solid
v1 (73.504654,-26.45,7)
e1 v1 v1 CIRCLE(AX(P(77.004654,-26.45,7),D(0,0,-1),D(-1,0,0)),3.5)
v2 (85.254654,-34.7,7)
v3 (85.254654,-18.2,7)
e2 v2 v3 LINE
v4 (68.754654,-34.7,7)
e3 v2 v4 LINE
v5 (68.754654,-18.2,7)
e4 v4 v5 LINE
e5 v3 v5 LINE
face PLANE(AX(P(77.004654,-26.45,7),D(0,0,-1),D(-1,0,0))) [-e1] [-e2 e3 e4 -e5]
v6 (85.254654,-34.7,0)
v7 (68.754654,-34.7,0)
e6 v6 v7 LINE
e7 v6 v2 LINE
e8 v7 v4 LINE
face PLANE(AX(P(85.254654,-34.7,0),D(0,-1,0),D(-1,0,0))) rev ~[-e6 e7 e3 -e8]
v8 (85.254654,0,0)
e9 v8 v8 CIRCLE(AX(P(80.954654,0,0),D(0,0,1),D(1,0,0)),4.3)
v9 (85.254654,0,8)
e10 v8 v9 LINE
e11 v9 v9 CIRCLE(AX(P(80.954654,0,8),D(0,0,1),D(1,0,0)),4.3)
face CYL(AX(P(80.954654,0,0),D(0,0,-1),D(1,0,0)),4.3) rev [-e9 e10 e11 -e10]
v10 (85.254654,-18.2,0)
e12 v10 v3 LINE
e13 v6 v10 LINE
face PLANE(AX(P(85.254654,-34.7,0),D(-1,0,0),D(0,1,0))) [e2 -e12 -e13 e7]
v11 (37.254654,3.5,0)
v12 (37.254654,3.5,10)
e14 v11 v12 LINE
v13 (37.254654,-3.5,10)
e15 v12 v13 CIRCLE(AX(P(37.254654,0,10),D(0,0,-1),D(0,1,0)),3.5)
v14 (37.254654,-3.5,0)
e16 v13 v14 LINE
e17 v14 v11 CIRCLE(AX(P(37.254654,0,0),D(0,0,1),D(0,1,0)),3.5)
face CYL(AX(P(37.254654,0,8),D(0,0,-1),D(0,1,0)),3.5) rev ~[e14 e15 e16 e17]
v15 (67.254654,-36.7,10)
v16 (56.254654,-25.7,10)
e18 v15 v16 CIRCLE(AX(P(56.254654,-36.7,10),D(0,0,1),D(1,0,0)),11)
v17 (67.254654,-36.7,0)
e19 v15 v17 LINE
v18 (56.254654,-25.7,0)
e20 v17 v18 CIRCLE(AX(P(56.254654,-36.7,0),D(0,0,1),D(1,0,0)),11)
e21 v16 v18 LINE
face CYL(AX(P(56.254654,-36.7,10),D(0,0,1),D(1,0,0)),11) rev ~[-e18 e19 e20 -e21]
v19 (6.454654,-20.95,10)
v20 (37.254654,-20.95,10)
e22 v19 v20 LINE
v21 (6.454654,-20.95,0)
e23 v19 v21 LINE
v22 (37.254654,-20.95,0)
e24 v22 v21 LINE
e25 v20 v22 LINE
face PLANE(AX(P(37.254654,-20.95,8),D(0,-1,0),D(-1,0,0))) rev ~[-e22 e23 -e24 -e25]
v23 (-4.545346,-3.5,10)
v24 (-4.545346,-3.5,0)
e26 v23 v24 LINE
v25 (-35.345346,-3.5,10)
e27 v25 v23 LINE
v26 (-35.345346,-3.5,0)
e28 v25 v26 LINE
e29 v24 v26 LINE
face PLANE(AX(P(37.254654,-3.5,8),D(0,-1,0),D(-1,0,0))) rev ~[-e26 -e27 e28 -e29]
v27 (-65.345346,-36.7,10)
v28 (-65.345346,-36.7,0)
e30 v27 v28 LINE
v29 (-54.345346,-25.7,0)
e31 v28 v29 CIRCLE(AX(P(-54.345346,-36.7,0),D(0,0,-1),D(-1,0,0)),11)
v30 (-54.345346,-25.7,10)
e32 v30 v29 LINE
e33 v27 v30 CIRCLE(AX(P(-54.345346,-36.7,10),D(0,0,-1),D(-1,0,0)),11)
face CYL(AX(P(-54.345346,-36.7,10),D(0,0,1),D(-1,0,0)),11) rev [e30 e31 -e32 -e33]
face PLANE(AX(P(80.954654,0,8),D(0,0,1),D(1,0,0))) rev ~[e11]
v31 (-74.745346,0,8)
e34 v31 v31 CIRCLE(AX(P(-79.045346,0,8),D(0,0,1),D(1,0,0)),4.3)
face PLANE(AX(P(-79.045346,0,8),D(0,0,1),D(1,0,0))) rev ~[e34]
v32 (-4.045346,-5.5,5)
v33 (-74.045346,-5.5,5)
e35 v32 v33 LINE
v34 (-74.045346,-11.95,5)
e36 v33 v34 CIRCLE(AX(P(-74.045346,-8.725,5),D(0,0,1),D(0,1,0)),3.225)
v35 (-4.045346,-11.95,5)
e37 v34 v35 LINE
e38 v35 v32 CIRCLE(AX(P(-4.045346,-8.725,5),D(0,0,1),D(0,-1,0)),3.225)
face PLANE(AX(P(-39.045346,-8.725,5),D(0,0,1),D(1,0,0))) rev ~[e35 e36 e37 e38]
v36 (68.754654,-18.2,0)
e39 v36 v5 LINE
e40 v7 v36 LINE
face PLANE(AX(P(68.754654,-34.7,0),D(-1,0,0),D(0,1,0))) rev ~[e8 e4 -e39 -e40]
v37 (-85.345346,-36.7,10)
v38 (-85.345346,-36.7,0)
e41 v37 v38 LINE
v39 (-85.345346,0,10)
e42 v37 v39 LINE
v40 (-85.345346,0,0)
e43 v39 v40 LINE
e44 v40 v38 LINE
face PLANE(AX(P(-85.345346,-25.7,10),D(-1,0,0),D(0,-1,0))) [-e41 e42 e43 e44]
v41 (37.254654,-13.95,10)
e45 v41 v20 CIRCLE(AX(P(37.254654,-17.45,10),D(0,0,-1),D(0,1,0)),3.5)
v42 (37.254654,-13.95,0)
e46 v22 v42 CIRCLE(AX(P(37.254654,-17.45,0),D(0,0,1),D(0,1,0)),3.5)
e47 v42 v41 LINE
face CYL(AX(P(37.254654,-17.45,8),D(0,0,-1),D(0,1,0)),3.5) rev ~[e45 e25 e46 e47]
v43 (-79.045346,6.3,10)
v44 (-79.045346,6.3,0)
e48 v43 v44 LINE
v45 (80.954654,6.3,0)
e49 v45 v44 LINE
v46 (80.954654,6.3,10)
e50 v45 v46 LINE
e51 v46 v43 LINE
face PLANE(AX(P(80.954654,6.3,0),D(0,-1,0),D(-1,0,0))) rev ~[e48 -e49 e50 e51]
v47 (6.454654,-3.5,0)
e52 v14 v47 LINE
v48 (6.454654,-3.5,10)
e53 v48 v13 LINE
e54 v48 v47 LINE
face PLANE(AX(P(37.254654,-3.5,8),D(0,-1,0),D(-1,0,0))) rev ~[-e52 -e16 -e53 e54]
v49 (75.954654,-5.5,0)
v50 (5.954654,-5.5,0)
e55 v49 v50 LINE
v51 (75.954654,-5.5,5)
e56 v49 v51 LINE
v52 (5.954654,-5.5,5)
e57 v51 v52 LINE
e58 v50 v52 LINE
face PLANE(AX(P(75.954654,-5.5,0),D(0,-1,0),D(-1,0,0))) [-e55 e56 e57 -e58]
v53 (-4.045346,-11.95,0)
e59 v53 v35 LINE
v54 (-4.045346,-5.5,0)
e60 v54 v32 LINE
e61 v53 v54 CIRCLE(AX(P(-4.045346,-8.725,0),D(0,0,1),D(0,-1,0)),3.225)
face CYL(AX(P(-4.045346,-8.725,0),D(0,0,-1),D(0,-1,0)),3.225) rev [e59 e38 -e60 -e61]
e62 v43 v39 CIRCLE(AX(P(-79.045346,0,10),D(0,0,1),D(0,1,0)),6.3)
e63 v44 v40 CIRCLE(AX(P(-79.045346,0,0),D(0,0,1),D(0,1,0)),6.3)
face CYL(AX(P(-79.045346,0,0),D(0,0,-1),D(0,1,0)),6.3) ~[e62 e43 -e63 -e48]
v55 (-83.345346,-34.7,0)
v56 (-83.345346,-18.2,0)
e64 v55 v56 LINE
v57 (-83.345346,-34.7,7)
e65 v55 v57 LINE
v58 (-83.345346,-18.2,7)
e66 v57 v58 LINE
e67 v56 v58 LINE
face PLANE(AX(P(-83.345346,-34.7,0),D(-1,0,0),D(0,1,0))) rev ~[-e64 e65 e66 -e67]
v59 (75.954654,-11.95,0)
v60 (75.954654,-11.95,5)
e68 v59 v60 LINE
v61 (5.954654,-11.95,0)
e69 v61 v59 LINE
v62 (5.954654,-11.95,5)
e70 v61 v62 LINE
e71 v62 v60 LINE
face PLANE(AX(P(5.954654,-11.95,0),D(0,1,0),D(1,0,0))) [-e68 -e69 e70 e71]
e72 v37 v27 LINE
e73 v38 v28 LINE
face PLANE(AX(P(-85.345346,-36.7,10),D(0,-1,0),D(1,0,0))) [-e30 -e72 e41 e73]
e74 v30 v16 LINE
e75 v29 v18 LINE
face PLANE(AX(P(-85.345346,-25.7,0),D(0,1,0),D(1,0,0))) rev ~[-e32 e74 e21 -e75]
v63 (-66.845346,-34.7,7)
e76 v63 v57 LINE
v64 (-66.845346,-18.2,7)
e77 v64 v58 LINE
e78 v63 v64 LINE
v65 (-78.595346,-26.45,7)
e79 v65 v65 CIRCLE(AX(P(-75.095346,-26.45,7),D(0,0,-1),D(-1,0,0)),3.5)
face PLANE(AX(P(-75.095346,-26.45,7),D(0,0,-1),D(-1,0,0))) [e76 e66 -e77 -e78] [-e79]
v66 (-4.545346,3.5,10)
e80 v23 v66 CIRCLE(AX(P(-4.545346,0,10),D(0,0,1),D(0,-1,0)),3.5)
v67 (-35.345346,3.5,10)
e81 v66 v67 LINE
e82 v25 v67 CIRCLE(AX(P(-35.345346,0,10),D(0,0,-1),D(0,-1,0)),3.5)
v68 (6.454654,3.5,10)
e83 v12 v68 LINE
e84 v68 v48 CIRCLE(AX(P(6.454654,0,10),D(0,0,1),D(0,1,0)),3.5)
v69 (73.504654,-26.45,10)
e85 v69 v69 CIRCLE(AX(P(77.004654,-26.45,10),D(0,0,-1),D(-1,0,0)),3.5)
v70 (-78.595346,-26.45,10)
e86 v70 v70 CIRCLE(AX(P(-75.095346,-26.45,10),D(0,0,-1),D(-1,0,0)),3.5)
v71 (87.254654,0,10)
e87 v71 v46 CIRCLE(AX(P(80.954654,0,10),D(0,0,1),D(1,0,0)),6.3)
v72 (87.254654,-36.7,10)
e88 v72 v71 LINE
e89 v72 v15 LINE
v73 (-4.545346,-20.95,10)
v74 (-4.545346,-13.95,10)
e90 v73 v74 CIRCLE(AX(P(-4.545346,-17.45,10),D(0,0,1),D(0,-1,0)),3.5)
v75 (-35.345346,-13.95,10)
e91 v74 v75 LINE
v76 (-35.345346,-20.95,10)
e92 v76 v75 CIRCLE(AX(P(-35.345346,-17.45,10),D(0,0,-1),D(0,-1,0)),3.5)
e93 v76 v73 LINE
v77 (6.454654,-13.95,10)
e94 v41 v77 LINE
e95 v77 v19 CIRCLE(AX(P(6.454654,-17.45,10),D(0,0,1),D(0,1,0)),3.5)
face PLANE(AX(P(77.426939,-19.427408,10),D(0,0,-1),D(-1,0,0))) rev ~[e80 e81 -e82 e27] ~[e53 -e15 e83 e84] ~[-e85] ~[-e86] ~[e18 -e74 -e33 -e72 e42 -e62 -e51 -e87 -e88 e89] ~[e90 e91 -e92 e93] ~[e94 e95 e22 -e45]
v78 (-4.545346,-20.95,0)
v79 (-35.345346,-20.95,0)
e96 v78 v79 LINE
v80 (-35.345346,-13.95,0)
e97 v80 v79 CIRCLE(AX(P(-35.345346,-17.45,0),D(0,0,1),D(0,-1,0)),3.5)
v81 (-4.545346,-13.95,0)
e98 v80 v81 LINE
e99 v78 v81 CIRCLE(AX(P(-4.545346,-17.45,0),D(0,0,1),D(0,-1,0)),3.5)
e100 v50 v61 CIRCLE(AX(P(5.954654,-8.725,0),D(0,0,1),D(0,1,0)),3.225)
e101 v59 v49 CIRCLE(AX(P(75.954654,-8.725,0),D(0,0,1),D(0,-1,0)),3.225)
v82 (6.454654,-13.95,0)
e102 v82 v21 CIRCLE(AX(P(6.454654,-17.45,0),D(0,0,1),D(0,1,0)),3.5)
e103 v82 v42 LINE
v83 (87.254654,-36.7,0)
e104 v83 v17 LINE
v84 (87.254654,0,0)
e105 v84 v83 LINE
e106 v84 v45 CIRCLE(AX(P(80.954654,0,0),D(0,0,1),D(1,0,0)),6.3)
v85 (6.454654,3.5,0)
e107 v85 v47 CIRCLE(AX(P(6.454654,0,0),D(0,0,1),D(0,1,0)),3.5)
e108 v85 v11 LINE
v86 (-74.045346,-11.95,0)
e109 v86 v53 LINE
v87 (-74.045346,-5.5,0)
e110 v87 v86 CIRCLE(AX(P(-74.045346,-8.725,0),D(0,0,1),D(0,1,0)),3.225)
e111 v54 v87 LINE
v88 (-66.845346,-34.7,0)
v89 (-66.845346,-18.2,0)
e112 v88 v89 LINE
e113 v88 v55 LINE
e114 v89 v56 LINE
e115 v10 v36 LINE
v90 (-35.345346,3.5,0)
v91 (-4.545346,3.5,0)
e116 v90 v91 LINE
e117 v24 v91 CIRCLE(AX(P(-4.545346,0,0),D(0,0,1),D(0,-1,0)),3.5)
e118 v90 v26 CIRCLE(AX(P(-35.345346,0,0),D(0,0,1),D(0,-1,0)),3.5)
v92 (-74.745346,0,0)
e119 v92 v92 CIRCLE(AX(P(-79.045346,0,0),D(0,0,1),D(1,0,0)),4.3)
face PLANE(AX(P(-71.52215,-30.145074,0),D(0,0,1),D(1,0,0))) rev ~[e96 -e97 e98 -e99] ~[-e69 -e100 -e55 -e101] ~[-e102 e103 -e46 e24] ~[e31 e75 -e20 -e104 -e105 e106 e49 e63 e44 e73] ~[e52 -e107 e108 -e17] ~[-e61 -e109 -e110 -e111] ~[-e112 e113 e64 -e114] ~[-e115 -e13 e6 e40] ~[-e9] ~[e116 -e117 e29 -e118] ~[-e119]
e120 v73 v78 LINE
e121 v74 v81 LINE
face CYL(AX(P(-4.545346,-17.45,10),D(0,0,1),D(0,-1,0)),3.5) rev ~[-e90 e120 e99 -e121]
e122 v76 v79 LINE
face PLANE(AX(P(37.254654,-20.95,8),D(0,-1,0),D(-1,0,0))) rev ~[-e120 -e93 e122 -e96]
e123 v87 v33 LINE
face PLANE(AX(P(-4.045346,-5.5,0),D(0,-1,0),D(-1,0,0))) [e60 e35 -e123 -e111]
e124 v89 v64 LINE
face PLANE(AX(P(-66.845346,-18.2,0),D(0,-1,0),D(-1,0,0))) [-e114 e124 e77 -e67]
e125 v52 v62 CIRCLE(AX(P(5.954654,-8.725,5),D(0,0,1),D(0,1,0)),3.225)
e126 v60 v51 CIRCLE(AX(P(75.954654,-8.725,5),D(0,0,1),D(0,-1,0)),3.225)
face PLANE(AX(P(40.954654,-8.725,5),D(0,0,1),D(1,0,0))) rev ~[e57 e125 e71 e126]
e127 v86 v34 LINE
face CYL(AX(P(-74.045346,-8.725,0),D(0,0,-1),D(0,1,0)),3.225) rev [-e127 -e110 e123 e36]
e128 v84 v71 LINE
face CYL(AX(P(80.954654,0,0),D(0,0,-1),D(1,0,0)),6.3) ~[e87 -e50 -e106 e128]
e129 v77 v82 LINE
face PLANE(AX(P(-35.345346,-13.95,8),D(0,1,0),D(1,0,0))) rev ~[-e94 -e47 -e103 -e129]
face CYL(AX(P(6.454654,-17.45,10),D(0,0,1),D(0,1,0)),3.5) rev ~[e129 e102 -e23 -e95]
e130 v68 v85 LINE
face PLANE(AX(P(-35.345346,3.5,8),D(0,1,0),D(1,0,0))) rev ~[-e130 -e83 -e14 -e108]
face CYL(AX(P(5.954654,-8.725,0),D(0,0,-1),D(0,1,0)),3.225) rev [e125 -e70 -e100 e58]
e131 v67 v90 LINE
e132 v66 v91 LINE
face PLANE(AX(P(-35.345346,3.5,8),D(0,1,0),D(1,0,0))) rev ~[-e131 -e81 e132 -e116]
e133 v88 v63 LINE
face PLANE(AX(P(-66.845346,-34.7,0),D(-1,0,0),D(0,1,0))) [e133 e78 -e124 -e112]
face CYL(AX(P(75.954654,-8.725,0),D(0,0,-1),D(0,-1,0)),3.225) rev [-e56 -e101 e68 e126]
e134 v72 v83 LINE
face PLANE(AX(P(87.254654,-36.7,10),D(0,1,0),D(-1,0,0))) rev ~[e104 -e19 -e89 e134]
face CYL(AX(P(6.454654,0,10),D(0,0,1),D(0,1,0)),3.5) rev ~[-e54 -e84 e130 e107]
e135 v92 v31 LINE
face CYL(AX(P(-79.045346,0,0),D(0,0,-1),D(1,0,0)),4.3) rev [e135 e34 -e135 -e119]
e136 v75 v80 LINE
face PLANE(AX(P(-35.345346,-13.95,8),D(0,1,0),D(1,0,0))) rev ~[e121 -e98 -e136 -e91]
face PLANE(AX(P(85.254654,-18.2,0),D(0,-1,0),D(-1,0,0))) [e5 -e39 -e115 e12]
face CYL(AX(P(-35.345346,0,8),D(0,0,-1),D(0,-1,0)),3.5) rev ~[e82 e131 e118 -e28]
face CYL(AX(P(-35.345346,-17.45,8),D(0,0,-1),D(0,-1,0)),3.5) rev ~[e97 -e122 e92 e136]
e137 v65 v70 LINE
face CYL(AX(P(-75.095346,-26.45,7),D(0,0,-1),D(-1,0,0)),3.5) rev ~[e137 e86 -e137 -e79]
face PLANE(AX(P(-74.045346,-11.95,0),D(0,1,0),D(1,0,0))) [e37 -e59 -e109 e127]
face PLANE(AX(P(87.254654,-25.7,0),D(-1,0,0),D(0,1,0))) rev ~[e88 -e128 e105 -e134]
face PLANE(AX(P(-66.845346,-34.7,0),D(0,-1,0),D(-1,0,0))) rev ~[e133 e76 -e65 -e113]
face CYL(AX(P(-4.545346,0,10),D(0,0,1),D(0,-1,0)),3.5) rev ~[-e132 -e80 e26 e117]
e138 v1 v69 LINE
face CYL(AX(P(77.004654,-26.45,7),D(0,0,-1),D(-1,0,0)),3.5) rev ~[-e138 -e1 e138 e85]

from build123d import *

# Parameters (mm, degrees)
SKETCH1_R               = 4.3
SKETCH1_W               = 12.5
SKETCH1_H               = 12.5
BOSS_EXTRUDE1_DEPTH     = 8
CUT_EXTRUDE1_DEPTH      = 8
SKETCH1_2_R             = 4.3
SKETCH1_2_W             = 12.5
SKETCH1_2_H             = 12.5
BOSS_EXTRUDE2_DEPTH     = 10
CUT_EXTRUDE2_DEPTH      = 3
CUT_EXTRUDE2_DEPTH_BACK = 9
SKETCH3_W               = 12.5
SKETCH3_H               = 12.5
BOSS_EXTRUDE3_DEPTH     = 2
SKETCH4_R               = 4.3
BOSS_EXTRUDE5_DEPTH     = 2
BOSS_EXTRUDE6_DEPTH     = 10
BOSS_EXTRUDE7_DEPTH     = 10
BOSS_EXTRUDE8_DEPTH     = 10
SKETCH8_W               = 18.12209128
SKETCH8_H               = 22.505010211
SKETCH8_W_2             = 16.915072938
SKETCH8_H_2             = 18.768490124
BOSS_EXTRUDE9_DEPTH     = 10
SKETCH12_W              = 16.5
SKETCH12_H              = 16.5
CUT_EXTRUDE6_DEPTH      = 7
SKETCH13_R              = 3.5
CUT_EXTRUDE7_DEPTH      = 7
CUT_EXTRUDE11_DEPTH     = 5


with BuildPart() as part:
    # Sketch1 → Boss-Extrude1 (new body)
    with BuildSketch(Plane.XY):
        with BuildLine():
            Line((-85.345346062, -25.7), (87.254653938, -25.7))
            Line((87.254653938, -25.7), (87.254653938, 0))
            ThreePointArc((87.254653938, 0), (85.409426659, 4.454772721), (80.954653938, 6.3))
            Line((80.954653938, 6.3), (-79.045346062, 6.3))
            ThreePointArc((-79.045346062, 6.3), (-83.500118784, 4.454772721), (-85.345346062, 0))
            Line((-85.345346062, 0), (-85.345346062, -25.7))
        make_face()
        with Locations((-79.045346062, 0)):
            Circle(SKETCH1_R, mode=Mode.SUBTRACT)
        with Locations((80.954653938, 0)):
            Circle(SKETCH1_R, mode=Mode.SUBTRACT)
        with Locations((-77.095346062, -17.45)):
            Rectangle(SKETCH1_W, SKETCH1_H, mode=Mode.SUBTRACT)
        with Locations((79.004653938, -17.45)):
            Rectangle(SKETCH1_W, SKETCH1_H, mode=Mode.SUBTRACT)
    extrude(amount=BOSS_EXTRUDE1_DEPTH)

    # Sketch2 → Cut-Extrude1 (cut)
    with BuildSketch(Plane.XY.offset(8)):
        with BuildLine():
            Line((-35.345346062, 3.5), (37.254653938, 3.5))
            ThreePointArc((37.254653938, 3.5), (40.754653938, 0), (37.254653938, -3.5))
            Line((37.254653938, -3.5), (-35.345346062, -3.5))
            ThreePointArc((-35.345346062, -3.5), (-38.845346062, 0), (-35.345346062, 3.5))
        make_face()
        with BuildLine():
            Line((-35.345346062, -13.95), (37.254653938, -13.95))
            ThreePointArc((37.254653938, -13.95), (40.754653938, -17.45), (37.254653938, -20.95))
            Line((37.254653938, -20.95), (34.643207431, -20.95))
            Line((34.643207431, -20.95), (-35.345346062, -20.95))
            ThreePointArc((-35.345346062, -20.95), (-38.845346062, -17.45), (-35.345346062, -13.95))
        make_face()
    extrude(amount=-CUT_EXTRUDE1_DEPTH, mode=Mode.SUBTRACT)

    # Sketch1<2> → Boss-Extrude2 (add)
    with BuildSketch(Plane.XY):
        with BuildLine():
            Line((-85.345346062, -25.7), (87.254653938, -25.7))
            Line((87.254653938, -25.7), (87.254653938, 0))
            ThreePointArc((87.254653938, 0), (85.409426659, 4.454772721), (80.954653938, 6.3))
            Line((80.954653938, 6.3), (-79.045346062, 6.3))
            ThreePointArc((-79.045346062, 6.3), (-83.500118784, 4.454772721), (-85.345346062, 0))
            Line((-85.345346062, 0), (-85.345346062, -25.7))
        make_face()
        with Locations((-79.045346062, 0)):
            Circle(SKETCH1_2_R, mode=Mode.SUBTRACT)
        with Locations((80.954653938, 0)):
            Circle(SKETCH1_2_R, mode=Mode.SUBTRACT)
        with Locations((-77.095346062, -17.45)):
            Rectangle(SKETCH1_2_W, SKETCH1_2_H, mode=Mode.SUBTRACT)
        with Locations((79.004653938, -17.45)):
            Rectangle(SKETCH1_2_W, SKETCH1_2_H, mode=Mode.SUBTRACT)
    extrude(amount=BOSS_EXTRUDE2_DEPTH)

    # Sketch2<2> → Cut-Extrude2 (cut, two sides)
    with BuildSketch(Plane.XY.offset(8)) as cut_extrude2_sk:
        with BuildLine():
            Line((-35.345346062, 3.5), (37.254653938, 3.5))
            ThreePointArc((37.254653938, 3.5), (40.754653938, 0), (37.254653938, -3.5))
            Line((37.254653938, -3.5), (-35.345346062, -3.5))
            ThreePointArc((-35.345346062, -3.5), (-38.845346062, 0), (-35.345346062, 3.5))
        make_face()
        with BuildLine():
            Line((-35.345346062, -13.95), (37.254653938, -13.95))
            ThreePointArc((37.254653938, -13.95), (40.754653938, -17.45), (37.254653938, -20.95))
            Line((37.254653938, -20.95), (34.643207431, -20.95))
            Line((34.643207431, -20.95), (-35.345346062, -20.95))
            ThreePointArc((-35.345346062, -20.95), (-38.845346062, -17.45), (-35.345346062, -13.95))
        make_face()
    extrude(amount=CUT_EXTRUDE2_DEPTH, mode=Mode.SUBTRACT)
    extrude(cut_extrude2_sk.sketch, amount=-CUT_EXTRUDE2_DEPTH_BACK, mode=Mode.SUBTRACT)

    # Sketch3 → Boss-Extrude3 (add)
    with BuildSketch(Plane.XY.offset(10)):
        with Locations((-77.095346062, -17.45)):
            Rectangle(SKETCH3_W, SKETCH3_H)
        with Locations((79.004653938, -17.45)):
            Rectangle(SKETCH3_W, SKETCH3_H)
    extrude(amount=-BOSS_EXTRUDE3_DEPTH)

    # Sketch4 → Boss-Extrude5 (add)
    with BuildSketch(Plane.XY.offset(10)):
        with Locations((-79.045346062, 0)):
            Circle(SKETCH4_R)
        with Locations((80.954653938, 0)):
            Circle(SKETCH4_R)
    extrude(amount=-BOSS_EXTRUDE5_DEPTH)

    # Sketch5 → Boss-Extrude6 (add)
    with BuildSketch(Plane.XY.offset(10)):
        with BuildLine():
            Line((-4.545346062, 3.5), (6.454653938, 3.5))
            ThreePointArc((6.454653938, 3.5), (2.954653938, 0), (6.454653938, -3.5))
            Line((6.454653938, -3.5), (-4.545346062, -3.5))
            ThreePointArc((-4.545346062, -3.5), (-1.045346062, 0), (-4.545346062, 3.5))
        make_face()
    extrude(amount=-BOSS_EXTRUDE6_DEPTH)

    # Sketch6 → Boss-Extrude7 (add)
    with BuildSketch(Plane.XY.offset(10)):
        with BuildLine():
            Line((-4.545346062, -13.95), (6.454653938, -13.95))
            ThreePointArc((6.454653938, -13.95), (2.954653938, -17.45), (6.454653938, -20.95))
            Line((6.454653938, -20.95), (-4.545346062, -20.95))
            ThreePointArc((-4.545346062, -20.95), (-1.045346062, -17.45), (-4.545346062, -13.95))
        make_face()
    extrude(amount=-BOSS_EXTRUDE7_DEPTH)

    # Sketch7 → Boss-Extrude8 (add)
    with BuildSketch(Plane.XY.offset(10)):
        with BuildLine():
            Line((-85.345346062, -25.7), (-85.345346062, -36.7))
            Line((-85.345346062, -36.7), (-65.345346062, -36.7))
            ThreePointArc((-65.345346062, -36.7), (-62.123520655, -28.921825407), (-54.345346062, -25.7))
            Line((-54.345346062, -25.7), (-85.345346062, -25.7))
        make_face()
        with BuildLine():
            Line((87.254653938, -25.7), (87.254653938, -36.7))
            Line((87.254653938, -36.7), (67.254653938, -36.7))
            ThreePointArc((67.254653938, -36.7), (64.032828531, -28.921825407), (56.254653938, -25.7))
            Line((56.254653938, -25.7), (87.254653938, -25.7))
        make_face()
    extrude(amount=-BOSS_EXTRUDE8_DEPTH)

    # Sketch8 → Boss-Extrude9 (add)
    with BuildSketch(Plane(origin=(0, 0, 0), x_dir=(-1, 0, 0), z_dir=(0, 0, -1))):
        with Locations((-77.426938653, -19.427407937)):
            Rectangle(SKETCH8_W, SKETCH8_H)
        with Locations((75.829945686, -18.535840795)):
            Rectangle(SKETCH8_W_2, SKETCH8_H_2)
    extrude(amount=-BOSS_EXTRUDE9_DEPTH)

    # Sketch12 → Cut-Extrude6 (cut)
    with BuildSketch(Plane(origin=(0, 0, 0), x_dir=(-1, 0, 0), z_dir=(0, 0, -1))):
        with Locations((-77.004653938, -26.45)):
            Rectangle(SKETCH12_W, SKETCH12_H)
        with Locations((75.095346062, -26.45)):
            Rectangle(SKETCH12_W, SKETCH12_H)
    extrude(amount=-CUT_EXTRUDE6_DEPTH, mode=Mode.SUBTRACT)

    # Sketch13 → Cut-Extrude7 (cut)
    with BuildSketch(Plane(origin=(0, 0, 7), x_dir=(-1, 0, 0), z_dir=(0, 0, -1))):
        with Locations((75.095346062, -26.45)):
            Circle(SKETCH13_R)
        with Locations((-77.004653938, -26.45)):
            Circle(SKETCH13_R)
    extrude(amount=-CUT_EXTRUDE7_DEPTH, mode=Mode.SUBTRACT)

    # Sketch14 → Cut-Extrude11 (cut)
    with BuildSketch(Plane(origin=(0, 0, 0), x_dir=(-1, 0, 0), z_dir=(0, 0, -1))):
        with BuildLine():
            Line((-75.954653938, -5.5), (-5.954653938, -5.5))
            ThreePointArc((-5.954653938, -5.5), (-2.729653938, -8.725), (-5.954653938, -11.95))
            Line((-5.954653938, -11.95), (-75.954653938, -11.95))
            ThreePointArc((-75.954653938, -11.95), (-79.179653938, -8.725), (-75.954653938, -5.5))
        make_face()
        with BuildLine():
            Line((4.045346062, -5.5), (6.774875553, -5.5))
            Line((6.774875553, -5.5), (74.045346062, -5.5))
            ThreePointArc((74.045346062, -5.5), (77.270346062, -8.725), (74.045346062, -11.95))
            Line((74.045346062, -11.95), (4.045346062, -11.95))
            ThreePointArc((4.045346062, -11.95), (0.820346062, -8.725), (4.045346062, -5.5))
        make_face()
    extrude(amount=-CUT_EXTRUDE11_DEPTH, mode=Mode.SUBTRACT)


solid = part.part
